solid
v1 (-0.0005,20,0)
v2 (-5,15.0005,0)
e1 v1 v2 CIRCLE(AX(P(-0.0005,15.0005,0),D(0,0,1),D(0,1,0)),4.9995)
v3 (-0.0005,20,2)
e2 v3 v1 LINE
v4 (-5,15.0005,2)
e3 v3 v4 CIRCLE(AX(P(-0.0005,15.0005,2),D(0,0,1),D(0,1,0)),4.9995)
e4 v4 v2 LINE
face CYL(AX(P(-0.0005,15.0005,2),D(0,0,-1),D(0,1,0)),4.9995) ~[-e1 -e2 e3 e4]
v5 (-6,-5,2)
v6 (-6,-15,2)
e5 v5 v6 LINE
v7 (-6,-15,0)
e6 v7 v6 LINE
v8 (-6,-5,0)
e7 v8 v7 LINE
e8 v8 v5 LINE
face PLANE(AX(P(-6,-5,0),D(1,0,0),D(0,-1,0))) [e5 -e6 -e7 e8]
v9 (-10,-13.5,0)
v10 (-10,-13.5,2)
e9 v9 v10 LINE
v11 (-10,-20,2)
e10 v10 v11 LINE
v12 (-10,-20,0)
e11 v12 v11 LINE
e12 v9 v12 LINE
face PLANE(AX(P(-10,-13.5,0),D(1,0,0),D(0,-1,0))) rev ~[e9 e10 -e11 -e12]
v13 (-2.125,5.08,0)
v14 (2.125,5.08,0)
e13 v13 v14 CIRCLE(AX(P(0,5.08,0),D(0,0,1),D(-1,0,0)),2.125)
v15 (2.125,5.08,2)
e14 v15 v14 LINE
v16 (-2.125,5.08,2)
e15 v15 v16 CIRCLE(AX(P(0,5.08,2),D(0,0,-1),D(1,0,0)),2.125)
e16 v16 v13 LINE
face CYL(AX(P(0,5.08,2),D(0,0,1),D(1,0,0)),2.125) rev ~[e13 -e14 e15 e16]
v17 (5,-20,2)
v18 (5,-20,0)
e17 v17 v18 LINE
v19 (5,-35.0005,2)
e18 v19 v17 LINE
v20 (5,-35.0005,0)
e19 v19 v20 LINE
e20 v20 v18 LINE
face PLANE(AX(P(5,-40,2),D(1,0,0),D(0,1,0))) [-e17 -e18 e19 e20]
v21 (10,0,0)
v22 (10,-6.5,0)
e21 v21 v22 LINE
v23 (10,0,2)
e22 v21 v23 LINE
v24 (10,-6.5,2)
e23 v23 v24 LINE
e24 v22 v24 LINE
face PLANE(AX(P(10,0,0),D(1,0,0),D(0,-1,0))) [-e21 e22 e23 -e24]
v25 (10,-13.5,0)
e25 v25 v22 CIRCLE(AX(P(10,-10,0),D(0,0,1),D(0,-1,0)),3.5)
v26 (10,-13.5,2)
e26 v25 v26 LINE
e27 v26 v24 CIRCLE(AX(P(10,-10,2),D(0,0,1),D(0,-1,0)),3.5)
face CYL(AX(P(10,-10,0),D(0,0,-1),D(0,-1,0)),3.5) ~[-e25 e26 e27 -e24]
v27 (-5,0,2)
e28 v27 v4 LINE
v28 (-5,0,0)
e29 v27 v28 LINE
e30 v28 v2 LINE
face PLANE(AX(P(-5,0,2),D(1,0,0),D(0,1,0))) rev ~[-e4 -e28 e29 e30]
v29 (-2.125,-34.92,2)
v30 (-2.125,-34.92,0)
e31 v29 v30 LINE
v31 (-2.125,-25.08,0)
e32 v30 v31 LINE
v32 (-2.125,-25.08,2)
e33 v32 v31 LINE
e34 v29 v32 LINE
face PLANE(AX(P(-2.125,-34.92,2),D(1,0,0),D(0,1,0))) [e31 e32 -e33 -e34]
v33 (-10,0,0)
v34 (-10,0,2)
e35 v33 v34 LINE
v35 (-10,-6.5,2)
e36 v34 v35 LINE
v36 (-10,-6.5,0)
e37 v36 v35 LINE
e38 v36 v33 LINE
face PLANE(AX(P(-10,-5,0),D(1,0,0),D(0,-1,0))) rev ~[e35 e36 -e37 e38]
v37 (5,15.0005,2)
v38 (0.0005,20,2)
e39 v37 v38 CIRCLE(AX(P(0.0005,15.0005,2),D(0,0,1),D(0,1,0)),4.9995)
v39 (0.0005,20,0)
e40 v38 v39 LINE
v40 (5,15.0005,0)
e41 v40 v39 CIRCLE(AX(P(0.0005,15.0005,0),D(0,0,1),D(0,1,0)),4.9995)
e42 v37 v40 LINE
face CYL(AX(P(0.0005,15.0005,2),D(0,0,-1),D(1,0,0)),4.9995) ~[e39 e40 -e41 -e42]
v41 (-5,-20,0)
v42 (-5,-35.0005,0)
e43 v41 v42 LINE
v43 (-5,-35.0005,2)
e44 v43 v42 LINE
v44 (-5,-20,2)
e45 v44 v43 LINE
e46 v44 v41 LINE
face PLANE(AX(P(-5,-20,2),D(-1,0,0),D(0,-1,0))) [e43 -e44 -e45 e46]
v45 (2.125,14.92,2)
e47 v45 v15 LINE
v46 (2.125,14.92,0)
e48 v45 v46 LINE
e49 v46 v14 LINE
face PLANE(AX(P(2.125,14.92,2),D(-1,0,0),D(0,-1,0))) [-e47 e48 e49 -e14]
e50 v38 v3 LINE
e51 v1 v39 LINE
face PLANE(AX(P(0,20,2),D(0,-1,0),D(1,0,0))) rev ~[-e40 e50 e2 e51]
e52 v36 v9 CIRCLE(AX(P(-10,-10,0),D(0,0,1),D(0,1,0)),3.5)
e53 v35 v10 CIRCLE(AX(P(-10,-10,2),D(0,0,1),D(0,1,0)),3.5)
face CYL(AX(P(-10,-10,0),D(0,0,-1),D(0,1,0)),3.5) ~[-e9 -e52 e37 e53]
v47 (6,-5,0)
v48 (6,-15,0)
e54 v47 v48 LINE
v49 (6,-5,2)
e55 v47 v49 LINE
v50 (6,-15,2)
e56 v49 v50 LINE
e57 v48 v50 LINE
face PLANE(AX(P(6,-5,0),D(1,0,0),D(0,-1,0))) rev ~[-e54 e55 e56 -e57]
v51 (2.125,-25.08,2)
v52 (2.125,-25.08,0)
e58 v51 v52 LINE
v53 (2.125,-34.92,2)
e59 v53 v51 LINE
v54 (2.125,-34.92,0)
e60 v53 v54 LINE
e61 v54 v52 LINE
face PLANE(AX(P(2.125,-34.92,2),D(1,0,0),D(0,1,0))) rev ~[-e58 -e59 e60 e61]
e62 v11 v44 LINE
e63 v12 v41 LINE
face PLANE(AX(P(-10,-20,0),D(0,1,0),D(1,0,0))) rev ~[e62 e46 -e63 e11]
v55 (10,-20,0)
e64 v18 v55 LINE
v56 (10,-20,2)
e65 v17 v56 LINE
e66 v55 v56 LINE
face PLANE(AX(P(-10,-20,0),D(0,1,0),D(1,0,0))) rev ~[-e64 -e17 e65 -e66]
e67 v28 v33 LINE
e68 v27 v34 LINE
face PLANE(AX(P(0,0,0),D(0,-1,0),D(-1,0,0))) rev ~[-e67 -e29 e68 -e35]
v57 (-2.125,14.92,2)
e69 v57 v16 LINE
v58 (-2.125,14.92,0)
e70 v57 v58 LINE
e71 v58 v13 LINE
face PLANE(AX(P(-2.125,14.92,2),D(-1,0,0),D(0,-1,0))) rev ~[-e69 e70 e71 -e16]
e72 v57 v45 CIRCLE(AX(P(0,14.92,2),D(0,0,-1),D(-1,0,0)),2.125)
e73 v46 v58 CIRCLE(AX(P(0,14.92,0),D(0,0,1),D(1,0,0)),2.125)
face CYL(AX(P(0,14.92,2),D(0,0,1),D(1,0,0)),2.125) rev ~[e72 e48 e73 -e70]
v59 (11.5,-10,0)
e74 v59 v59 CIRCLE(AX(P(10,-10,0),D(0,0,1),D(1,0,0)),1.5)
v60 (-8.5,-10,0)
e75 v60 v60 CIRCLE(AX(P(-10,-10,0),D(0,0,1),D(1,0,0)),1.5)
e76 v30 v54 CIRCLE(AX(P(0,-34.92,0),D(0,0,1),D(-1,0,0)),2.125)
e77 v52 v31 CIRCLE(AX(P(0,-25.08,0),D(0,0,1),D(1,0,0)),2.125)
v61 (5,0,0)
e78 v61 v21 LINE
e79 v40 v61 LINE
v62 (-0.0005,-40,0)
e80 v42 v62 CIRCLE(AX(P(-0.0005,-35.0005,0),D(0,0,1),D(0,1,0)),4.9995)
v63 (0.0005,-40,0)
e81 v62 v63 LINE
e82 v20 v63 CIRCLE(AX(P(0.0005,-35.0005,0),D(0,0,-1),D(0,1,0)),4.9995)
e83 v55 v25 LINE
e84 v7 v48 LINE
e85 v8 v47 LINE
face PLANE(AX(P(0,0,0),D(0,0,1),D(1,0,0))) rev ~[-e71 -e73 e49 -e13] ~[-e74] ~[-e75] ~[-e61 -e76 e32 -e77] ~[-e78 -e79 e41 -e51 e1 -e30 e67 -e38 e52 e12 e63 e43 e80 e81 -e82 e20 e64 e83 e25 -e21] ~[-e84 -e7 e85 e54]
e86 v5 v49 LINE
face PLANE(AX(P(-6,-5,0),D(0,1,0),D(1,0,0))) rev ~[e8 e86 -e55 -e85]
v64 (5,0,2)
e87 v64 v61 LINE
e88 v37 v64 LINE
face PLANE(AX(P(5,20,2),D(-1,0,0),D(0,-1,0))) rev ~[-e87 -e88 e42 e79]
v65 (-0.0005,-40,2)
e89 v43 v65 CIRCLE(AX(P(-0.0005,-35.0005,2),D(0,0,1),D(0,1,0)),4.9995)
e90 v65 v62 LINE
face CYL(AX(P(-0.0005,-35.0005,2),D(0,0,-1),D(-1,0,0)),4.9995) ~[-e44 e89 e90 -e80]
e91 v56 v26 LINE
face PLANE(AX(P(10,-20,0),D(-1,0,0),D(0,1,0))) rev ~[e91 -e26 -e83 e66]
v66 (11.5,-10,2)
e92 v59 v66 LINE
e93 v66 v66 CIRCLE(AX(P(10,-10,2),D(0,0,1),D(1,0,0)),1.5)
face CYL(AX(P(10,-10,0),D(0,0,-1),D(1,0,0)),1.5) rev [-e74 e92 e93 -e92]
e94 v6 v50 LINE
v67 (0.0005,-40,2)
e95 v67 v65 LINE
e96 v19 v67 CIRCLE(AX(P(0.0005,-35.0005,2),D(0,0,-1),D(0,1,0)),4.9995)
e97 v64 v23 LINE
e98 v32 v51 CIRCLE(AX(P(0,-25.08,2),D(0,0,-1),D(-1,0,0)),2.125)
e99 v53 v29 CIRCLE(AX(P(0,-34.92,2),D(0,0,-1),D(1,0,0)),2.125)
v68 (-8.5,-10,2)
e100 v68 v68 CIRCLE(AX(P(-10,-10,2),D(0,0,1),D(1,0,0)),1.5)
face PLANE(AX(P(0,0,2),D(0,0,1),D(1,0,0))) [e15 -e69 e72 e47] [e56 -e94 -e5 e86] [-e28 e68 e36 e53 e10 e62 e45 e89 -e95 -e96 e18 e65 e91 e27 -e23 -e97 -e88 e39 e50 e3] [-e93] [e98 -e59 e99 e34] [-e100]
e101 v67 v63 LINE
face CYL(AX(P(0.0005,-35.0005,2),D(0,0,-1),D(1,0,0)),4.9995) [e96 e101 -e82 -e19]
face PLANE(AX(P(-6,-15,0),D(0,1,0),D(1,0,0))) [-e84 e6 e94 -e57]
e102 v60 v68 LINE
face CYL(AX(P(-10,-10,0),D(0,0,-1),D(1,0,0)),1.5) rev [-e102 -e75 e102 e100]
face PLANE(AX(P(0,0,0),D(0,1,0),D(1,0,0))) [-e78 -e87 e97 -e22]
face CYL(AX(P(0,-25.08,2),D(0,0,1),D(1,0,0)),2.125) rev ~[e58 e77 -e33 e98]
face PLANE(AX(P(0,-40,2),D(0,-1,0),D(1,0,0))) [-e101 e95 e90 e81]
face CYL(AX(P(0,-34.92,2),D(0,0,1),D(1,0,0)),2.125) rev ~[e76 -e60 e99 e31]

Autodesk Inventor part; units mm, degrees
ref_plane "YZ Plane" through (0, 0, 0) normal (1, 0, 0) x (0, 1, 0)
ref_plane "XZ Plane" through (0, 0, 0) normal (0, 1, 0) x (-1, 0, 0)
ref_plane "XY Plane" through (0, 0, 0) normal (0, 0, 1) x (1, 0, 0)
sketch "Sketch1" plane through (0, 0, 0) normal (0, 0, 1) x (1, 0, 0)
  line L0 (0, 0) -> (10, 0)
  line L1 (0, 0) -> (-10, 0)
  line L2 (-10, 0) -> (-10, -6.5)
  line L3 (10, 0) -> (10, -6.5)
  line L4 (-10, 0) -> (10, 0)
  line L5 (-10, -20) -> (10, -20)
  line L6 (-10, -6.5) -> (-10, -5)
  line L7 (-6, -5) -> (6, -5)
  line L8 (-6, -15) -> (6, -15)
  line L9 (6, -5) -> (6, -15)
  line L10 (-6, -5) -> (-6, -15)
  line L11 (-10, 0) -> (-10, -6.5)
  line L12 (-10, -13.5) -> (-10, -20)
  line L13 (10, -20) -> (10, -13.5)
  line L14 (10, -6.5) -> (10, 0)
  circle A0 centre (10, -10) radius 1.5
  arc A1 (10, -13.5) -> (10, -6.5) centre (10, -10) ccw
  circle A2 centre (-10, -10) radius 1.5
  arc A3 (-10, -6.5) -> (-10, -13.5) centre (-10, -10) ccw
  dimension "d0" = 10
  dimension "d1" = 10
  dimension "d2" = 20
  dimension "d7" = 3
  dimension "d8" = 7
  dimension "d9" = 3
  dimension "d10" = 7
extrude "Extrusion1" add sketch "Sketch1" along normal blind 2
thread "Thread2" size "M3x0.5" class "6H" standard "ANSI Metric M Profile" full length
thread "Thread3" size "M3x0.5" class "6H" standard "ANSI Metric M Profile" full length
sketch "Sketch6" plane through (0, 0, 2) normal (0, 0, 1) x (1, 0, 0)
  line L0 (10, 0) -> (-10, 0) projected
  line L1 (-5, 0) -> (-5, 20)
  line L2 (-5, 0) -> (15, 0) construction
  line L3 (-5, 20) -> (5, 20)
  line L4 (5, 20) -> (5, 0)
  arc A0 (-10, -6.5) -> (-10, -13.5) centre (-10, -10) ccw projected
  arc A1 (10, -13.5) -> (10, -6.5) centre (10, -10) ccw projected
  line L5 (0, 20) -> (0, 9.84)
  circle A2 centre (0, 14.92) radius 2.125
  line L6 (0, 0) -> (0, 10.16)
  circle A3 centre (0, 5.08) radius 2.125
  line L7 (-2.125, 14.92) -> (-2.125, 5.08)
  line L8 (2.125, 14.92) -> (2.125, 5.08)
  line L9 (-13.5, -10) -> (13.5, -10)
  line L10 (10, -20) -> (-10, -20)
  line L11 (-5, -20) -> (-5, -40)
  line L12 (-5, -40) -> (5, -40)
  line L13 (5, -40) -> (5, -20)
  line L14 (0, -40) -> (0, -29.84)
  circle A4 centre (0, -34.92) radius 2.125
  line L15 (0, -20) -> (0, -30.16)
  circle A5 centre (0, -25.08) radius 2.125
  line L16 (-2.125, -34.92) -> (-2.125, -25.08)
  line L17 (2.125, -34.92) -> (2.125, -25.08)
  dimension "d45" = 20
  dimension "d47" = 10
  dimension "d52" = 10.16
  dimension "d53" = 4.25
  dimension "d54" = 10.16
  dimension "d55" = 4.25
extrude "Extrusion7" add sketch "Sketch6" against normal blind 2 contours L0 L6 A3 L8 A2 L5 L3 L4 | L0 L1 L3 L5 A2 L7 A3 L6 | L13 L12 L14 A4 L17 A5 L15 L10 | L15 A5 L16 A4 L14 L12 L11 L10
fillet "Fillet2" radius 5 4 edges at (5, -40, 1) (-5, -40, 1) (5, 20, 1) (-5, 20, 1)
properties part number "Time of Flight Attachment"
